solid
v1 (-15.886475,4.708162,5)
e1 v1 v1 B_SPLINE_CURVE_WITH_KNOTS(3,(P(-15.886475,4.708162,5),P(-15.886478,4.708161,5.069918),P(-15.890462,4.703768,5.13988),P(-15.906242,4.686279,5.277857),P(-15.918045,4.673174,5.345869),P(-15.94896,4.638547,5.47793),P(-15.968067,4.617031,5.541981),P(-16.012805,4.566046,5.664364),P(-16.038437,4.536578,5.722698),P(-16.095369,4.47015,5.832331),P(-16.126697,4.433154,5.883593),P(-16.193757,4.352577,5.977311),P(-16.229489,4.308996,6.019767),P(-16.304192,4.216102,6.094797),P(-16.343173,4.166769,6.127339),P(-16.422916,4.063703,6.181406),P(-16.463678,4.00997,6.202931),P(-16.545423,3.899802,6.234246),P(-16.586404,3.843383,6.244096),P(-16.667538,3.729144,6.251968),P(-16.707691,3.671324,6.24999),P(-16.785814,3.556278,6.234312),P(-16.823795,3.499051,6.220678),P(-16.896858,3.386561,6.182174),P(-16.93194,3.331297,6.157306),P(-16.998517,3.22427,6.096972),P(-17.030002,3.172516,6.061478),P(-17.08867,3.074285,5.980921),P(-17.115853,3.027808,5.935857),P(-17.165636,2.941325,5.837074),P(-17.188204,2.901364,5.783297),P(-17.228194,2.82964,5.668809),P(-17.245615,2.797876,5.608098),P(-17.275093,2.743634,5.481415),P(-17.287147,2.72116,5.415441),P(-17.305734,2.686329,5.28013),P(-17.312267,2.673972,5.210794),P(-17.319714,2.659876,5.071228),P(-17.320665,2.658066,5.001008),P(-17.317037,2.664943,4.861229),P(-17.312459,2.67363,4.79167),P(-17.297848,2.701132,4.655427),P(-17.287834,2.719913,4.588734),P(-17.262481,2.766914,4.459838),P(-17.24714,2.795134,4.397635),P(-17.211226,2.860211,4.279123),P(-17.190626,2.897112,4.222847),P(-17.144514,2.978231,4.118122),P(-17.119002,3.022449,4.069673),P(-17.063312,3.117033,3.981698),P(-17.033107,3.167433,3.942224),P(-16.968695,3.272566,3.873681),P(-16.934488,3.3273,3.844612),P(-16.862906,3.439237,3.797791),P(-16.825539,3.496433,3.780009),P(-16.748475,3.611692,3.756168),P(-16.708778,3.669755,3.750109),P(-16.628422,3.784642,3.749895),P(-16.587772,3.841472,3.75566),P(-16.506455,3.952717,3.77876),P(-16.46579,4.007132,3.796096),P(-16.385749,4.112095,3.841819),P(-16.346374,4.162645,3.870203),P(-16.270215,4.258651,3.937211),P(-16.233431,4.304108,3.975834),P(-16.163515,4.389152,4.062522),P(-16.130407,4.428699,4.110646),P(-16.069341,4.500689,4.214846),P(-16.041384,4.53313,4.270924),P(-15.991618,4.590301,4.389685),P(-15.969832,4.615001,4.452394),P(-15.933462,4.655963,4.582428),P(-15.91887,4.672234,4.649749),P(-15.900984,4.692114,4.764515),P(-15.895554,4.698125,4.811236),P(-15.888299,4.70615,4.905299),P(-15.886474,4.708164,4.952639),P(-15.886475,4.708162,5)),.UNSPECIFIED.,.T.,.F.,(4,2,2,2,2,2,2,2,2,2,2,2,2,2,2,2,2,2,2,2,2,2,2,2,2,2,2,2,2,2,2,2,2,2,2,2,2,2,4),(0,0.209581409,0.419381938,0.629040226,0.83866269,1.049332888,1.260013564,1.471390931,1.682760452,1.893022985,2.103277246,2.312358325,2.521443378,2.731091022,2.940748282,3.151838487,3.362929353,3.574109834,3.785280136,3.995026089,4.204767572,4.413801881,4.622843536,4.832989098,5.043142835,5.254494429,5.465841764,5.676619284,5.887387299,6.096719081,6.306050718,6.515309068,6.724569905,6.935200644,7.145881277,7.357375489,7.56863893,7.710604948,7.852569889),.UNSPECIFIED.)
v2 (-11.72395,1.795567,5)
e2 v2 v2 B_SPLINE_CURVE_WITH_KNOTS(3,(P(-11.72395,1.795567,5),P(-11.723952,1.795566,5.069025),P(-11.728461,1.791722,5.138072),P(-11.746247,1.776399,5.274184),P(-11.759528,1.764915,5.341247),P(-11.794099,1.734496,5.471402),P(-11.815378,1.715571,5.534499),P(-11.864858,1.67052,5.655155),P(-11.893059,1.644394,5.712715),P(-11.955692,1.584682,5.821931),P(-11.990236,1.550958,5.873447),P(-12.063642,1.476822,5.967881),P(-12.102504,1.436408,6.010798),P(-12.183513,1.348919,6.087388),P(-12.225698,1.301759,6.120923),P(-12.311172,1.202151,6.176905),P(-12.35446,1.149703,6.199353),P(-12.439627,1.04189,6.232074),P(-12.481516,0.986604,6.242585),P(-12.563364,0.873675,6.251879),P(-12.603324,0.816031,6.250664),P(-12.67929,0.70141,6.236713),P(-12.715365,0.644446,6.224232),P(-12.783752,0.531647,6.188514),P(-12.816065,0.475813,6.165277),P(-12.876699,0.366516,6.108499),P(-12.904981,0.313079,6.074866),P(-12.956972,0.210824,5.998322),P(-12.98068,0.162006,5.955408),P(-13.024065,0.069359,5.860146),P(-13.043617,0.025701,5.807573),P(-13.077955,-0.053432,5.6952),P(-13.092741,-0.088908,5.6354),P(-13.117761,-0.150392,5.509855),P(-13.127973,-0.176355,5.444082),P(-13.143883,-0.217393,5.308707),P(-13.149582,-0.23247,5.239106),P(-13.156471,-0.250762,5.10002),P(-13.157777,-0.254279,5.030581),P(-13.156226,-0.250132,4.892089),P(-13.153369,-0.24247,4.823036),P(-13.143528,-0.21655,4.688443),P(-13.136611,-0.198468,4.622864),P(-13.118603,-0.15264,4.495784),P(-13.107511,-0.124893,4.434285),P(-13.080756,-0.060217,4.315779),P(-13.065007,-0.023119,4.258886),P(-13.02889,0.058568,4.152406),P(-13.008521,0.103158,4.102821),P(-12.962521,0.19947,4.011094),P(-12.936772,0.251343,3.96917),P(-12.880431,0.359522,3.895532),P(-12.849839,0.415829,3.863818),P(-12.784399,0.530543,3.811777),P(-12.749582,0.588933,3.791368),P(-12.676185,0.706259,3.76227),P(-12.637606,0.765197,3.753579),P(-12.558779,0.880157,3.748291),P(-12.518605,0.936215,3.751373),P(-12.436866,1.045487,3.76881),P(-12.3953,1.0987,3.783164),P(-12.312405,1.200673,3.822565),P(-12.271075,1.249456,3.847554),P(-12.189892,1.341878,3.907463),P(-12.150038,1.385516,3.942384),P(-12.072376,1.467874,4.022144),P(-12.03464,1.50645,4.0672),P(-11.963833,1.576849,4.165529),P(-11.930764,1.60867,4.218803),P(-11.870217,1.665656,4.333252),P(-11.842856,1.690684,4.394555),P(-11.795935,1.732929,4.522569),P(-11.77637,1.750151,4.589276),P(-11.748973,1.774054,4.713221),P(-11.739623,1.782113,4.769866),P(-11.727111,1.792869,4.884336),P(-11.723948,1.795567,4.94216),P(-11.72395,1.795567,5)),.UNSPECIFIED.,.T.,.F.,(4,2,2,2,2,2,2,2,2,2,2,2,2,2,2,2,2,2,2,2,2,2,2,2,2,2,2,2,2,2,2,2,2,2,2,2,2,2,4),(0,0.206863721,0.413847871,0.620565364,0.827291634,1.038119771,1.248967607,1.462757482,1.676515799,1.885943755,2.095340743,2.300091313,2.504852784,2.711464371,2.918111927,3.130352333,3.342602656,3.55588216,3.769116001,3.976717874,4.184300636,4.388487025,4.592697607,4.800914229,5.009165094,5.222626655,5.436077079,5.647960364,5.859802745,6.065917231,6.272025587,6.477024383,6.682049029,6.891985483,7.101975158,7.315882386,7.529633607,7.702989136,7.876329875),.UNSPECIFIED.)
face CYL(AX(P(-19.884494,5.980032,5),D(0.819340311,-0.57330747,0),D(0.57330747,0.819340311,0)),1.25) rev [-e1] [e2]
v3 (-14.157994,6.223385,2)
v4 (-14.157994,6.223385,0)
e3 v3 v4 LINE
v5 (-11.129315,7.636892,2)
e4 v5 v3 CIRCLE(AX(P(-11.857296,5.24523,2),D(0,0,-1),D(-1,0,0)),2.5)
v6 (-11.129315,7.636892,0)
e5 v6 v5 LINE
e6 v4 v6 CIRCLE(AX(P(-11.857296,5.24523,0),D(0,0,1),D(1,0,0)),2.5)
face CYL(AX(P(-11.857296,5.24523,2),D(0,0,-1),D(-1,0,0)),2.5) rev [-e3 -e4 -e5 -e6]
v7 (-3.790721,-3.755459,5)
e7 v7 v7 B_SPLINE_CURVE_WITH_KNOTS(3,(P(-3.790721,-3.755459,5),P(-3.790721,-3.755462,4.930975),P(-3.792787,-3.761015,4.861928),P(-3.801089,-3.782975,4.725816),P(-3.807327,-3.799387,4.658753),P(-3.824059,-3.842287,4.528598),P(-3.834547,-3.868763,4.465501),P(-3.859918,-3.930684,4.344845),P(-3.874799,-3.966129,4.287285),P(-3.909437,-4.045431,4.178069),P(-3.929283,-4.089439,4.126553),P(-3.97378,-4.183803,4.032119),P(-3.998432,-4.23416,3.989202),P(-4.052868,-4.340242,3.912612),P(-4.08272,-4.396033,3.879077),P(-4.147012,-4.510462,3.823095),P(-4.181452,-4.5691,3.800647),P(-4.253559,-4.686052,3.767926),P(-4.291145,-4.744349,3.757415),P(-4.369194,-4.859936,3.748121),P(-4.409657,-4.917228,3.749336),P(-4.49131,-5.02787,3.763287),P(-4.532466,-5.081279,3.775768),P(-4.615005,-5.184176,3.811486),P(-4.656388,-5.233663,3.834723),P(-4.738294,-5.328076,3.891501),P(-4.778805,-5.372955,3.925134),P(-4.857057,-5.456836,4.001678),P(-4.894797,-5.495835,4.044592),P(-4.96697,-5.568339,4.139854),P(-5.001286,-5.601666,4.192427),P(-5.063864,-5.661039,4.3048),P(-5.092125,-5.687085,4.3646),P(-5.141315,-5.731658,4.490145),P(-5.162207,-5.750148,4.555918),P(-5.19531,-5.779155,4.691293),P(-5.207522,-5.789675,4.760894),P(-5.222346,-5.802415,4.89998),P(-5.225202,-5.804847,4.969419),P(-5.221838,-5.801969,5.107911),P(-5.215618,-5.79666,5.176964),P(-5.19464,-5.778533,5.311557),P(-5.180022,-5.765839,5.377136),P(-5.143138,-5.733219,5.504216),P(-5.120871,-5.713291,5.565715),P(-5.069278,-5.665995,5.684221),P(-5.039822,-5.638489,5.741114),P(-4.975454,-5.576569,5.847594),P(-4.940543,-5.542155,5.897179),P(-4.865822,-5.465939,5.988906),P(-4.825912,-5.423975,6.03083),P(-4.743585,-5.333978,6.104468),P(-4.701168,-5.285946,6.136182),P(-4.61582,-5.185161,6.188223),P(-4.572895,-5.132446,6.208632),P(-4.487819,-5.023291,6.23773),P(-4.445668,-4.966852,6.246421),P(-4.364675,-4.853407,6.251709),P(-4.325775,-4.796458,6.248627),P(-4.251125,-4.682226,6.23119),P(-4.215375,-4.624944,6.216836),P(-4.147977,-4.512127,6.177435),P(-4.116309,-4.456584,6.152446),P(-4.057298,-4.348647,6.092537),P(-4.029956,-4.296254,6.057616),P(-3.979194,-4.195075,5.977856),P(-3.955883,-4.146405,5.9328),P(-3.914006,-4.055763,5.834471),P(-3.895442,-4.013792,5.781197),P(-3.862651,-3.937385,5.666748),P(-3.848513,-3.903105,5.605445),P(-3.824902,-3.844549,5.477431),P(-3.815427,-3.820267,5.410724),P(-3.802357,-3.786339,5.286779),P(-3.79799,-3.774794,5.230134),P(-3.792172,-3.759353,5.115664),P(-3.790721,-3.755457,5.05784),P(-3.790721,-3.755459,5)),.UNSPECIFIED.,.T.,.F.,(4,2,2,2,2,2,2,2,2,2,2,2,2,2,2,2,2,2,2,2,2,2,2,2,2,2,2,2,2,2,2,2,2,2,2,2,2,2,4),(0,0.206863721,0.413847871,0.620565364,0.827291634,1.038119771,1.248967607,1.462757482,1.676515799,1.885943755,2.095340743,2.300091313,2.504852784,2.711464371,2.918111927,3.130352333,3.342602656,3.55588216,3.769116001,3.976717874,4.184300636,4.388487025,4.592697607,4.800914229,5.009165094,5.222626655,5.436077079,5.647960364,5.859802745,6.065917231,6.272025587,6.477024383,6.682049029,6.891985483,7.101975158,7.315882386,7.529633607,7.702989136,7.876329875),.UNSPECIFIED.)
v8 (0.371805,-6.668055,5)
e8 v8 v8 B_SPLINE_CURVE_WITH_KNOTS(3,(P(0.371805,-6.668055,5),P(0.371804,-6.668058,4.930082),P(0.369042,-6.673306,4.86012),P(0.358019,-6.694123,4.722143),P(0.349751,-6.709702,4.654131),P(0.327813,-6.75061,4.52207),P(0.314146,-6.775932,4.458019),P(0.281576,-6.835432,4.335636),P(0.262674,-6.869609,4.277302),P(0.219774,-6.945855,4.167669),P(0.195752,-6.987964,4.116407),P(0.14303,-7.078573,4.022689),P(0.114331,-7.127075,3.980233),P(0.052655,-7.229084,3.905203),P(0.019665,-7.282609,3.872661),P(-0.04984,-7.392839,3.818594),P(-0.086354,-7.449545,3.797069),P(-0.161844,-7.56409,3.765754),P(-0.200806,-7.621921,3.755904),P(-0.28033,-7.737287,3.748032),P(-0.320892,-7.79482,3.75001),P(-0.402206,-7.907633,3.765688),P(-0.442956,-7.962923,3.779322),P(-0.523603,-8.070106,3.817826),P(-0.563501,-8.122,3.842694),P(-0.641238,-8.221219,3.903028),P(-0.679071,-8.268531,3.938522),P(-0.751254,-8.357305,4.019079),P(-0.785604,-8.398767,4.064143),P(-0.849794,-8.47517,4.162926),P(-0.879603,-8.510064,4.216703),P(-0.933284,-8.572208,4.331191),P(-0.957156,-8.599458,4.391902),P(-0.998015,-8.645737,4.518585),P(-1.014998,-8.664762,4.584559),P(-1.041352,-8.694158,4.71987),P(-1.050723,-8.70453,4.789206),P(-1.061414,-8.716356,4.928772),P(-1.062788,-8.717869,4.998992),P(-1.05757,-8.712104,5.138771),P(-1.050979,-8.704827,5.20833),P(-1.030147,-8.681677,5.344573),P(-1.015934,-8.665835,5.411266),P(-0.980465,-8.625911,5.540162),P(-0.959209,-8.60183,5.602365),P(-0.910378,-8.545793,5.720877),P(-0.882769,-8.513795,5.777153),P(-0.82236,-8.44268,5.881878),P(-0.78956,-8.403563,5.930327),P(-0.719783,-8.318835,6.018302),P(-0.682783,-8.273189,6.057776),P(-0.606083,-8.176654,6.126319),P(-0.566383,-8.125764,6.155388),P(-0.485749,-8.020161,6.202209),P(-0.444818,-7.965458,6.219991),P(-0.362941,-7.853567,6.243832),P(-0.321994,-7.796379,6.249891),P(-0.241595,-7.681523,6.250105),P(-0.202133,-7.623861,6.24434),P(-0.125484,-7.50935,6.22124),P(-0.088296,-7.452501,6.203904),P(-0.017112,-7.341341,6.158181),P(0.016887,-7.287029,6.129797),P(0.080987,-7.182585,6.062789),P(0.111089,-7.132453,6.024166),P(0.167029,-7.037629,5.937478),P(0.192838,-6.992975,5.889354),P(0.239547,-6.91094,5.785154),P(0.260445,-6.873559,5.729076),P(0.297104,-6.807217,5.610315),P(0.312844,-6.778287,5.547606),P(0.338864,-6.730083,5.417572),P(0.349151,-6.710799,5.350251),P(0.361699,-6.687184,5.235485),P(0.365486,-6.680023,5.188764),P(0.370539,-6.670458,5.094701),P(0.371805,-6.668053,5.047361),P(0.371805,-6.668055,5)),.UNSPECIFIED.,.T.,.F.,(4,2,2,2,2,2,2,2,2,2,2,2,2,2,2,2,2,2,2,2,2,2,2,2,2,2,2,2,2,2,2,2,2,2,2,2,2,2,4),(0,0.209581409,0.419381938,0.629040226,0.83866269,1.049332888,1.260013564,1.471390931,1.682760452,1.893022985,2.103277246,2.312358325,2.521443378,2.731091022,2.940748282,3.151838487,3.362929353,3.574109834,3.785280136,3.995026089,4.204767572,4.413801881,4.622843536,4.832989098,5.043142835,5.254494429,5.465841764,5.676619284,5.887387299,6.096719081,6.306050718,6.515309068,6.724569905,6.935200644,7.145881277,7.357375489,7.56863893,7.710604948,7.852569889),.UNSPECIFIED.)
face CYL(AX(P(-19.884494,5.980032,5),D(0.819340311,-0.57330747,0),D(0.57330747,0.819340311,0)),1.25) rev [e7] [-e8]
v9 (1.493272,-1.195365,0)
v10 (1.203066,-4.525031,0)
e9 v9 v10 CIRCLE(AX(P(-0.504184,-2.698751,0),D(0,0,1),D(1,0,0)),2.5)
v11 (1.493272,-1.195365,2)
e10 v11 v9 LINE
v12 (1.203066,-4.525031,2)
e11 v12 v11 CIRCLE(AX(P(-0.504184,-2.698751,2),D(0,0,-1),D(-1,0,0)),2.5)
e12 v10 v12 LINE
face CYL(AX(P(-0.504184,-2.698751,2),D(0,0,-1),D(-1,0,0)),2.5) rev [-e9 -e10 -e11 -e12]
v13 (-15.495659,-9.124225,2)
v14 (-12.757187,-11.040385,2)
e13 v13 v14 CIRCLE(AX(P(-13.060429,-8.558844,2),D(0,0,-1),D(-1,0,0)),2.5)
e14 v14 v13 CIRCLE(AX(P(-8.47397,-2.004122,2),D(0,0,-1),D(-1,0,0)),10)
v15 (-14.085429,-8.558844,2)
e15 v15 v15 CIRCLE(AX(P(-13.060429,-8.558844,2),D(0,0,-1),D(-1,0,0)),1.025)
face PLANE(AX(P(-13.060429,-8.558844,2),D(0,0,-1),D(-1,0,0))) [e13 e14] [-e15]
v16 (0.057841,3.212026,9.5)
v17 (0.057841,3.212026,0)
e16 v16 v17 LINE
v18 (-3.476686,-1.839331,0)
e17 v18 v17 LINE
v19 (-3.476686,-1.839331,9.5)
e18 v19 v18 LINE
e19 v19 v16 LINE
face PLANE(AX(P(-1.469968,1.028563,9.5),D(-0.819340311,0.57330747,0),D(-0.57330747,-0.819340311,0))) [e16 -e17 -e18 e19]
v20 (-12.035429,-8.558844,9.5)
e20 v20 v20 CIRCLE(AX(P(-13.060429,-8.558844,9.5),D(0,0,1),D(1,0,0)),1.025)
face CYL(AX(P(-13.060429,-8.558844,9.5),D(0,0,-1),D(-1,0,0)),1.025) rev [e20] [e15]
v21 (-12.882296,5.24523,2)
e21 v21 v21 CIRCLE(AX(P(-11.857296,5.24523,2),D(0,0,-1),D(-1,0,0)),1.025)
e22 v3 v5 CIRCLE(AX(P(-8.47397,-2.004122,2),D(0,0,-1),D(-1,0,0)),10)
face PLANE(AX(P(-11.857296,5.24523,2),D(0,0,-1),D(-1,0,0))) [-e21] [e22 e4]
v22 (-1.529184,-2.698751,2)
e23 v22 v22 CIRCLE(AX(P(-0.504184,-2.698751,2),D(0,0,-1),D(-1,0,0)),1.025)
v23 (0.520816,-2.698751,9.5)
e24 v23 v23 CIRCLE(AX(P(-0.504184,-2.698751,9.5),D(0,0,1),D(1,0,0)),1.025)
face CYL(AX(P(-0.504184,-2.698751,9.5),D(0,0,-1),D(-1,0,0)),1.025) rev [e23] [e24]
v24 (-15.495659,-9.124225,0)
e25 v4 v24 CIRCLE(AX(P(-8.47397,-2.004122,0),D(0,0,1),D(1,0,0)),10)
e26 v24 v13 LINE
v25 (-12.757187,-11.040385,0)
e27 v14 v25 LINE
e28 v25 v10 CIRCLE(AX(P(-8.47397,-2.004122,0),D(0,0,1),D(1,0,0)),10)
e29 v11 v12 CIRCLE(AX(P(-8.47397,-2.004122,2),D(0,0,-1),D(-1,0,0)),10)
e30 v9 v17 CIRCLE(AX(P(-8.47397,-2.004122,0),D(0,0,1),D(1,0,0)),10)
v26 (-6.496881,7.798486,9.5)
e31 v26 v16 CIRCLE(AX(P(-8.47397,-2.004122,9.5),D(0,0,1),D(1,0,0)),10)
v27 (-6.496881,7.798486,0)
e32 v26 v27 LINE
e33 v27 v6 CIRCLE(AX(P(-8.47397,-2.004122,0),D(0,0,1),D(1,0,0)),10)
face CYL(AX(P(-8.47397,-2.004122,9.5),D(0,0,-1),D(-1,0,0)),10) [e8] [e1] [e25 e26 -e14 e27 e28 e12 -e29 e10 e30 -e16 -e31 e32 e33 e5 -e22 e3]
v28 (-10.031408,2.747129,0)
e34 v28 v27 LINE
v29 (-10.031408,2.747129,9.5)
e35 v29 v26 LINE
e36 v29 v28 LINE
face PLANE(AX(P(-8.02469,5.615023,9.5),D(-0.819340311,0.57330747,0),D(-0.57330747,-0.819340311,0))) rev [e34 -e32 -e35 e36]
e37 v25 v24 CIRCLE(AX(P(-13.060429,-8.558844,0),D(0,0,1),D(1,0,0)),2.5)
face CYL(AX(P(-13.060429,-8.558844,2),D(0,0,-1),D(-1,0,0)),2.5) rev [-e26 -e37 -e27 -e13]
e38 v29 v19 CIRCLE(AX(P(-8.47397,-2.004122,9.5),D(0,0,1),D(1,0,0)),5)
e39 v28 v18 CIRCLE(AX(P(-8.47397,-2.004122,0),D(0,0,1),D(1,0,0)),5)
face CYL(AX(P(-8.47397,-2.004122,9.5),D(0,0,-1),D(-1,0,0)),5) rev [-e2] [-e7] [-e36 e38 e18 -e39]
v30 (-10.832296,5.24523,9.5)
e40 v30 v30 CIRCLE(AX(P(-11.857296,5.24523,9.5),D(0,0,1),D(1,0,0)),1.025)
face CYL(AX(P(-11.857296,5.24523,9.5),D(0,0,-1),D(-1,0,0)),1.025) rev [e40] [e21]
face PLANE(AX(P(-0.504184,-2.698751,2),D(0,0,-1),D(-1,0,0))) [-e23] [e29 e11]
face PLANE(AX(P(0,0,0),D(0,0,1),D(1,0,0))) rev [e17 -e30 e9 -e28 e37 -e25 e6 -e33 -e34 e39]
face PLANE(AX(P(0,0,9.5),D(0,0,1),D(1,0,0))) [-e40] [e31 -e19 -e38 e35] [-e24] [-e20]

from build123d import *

# Parameters (mm, degrees)
BOSS_EXTRUDE2_DEPTH     = 9.5
CUT_EXTRUDE2_DEPTH      = 27.058535816
CUT_EXTRUDE2_DEPTH_BACK = 27.058535816
SKETCH5_R               = 1.25
SKETCH6_R               = 2.5
CUT_EXTRUDE9_DEPTH      = 2


with BuildPart() as part:
    # Sketch1 → Boss-Extrude2 (new body)
    with BuildSketch(Plane.XY):
        with BuildLine():
            ThreePointArc((-10.902610273, 5.618325714), (-9.358197978, 5.946861897), (-7.779340218, 5.965664362))
            Line((-7.779340218, 5.965664362), (-6.496881129, 7.798486163))
            ThreePointArc((-6.496881129, 7.798486163), (-14.207044336, -10.197524815), (0.057841359, 3.212026405))
            Line((0.057841359, 3.212026405), (-1.224617731, 1.379204604))
            ThreePointArc((-1.224617731, 1.379204604), (-0.701306814, -0.110523909), (-0.480783057, -1.674018275))
            ThreePointArc((-0.480783057, -1.674018275), (0.228827523, -1.982287772), (0.52081643, -2.698751126))
            ThreePointArc((0.52081643, -2.698751126), (0.163849564, -3.476154966), (-0.658416217, -3.71208093))
            ThreePointArc((-0.658416217, -3.71208093), (-5.090643329, -9.253473613), (-12.184684972, -9.091476058))
            ThreePointArc((-12.184684972, -9.091476058), (-13.648069553, -9.398668012), (-13.860882426, -7.918609902))
            ThreePointArc((-13.860882426, -7.918609902), (-16.443755706, -1.309492285), (-12.756440886, 4.753129216))
            ThreePointArc((-12.756440886, 4.753129216), (-12.290784632, 6.174053415), (-10.902610273, 5.618325714))
        make_face()
        with BuildLine():
            ThreePointArc((-3.476685985, -1.839330652), (-11.340506987, -6.10082326), (-10.031408473, 2.747129106))
            Line((-10.031408473, 2.747129106), (-7.779340218, 5.965664362))
            ThreePointArc((-7.779340218, 5.965664362), (-9.358197978, 5.946861897), (-10.902610273, 5.618325714))
            ThreePointArc((-10.902610273, 5.618325714), (-10.850027906, 5.435061947), (-10.832295948, 5.245230202))
            ThreePointArc((-10.832295948, 5.245230202), (-11.60332603, 4.252192297), (-12.756440886, 4.753129216))
            ThreePointArc((-12.756440886, 4.753129216), (-16.443755706, -1.309492285), (-13.860882426, -7.918609902))
            ThreePointArc((-13.860882426, -7.918609902), (-12.721194489, -7.591608608), (-12.035429397, -8.558844193))
            ThreePointArc((-12.035429397, -8.558844193), (-12.073448385, -8.835418744), (-12.184684972, -9.091476058))
            ThreePointArc((-12.184684972, -9.091476058), (-5.090643329, -9.253473613), (-0.658416217, -3.71208093))
            ThreePointArc((-0.658416217, -3.71208093), (-1.52531241, -2.609751731), (-0.480783057, -1.674018275))
            ThreePointArc((-0.480783057, -1.674018275), (-0.701306814, -0.110523909), (-1.224617731, 1.379204604))
            Line((-1.224617731, 1.379204604), (-3.476685985, -1.839330652))
        make_face()
    extrude(amount=BOSS_EXTRUDE2_DEPTH)

    # Sketch5 → Cut-Extrude2 (cut, two sides: drawn at the far end of the back side and taken through both)
    with BuildSketch(Plane(origin=(3.446074086, -2.411281355, 0), x_dir=(0, 0, -1), z_dir=(0.8193403109233307, -0.5733074697717271, 0)).offset(-CUT_EXTRUDE2_DEPTH_BACK)):
        with Locations(Location((-5, -6.500247794, 0), (0, 0, 90))):
            Circle(SKETCH5_R)
    extrude(amount=CUT_EXTRUDE2_DEPTH + CUT_EXTRUDE2_DEPTH_BACK, mode=Mode.SUBTRACT)

    # Sketch6 → Cut-Extrude9 (cut)
    with BuildSketch(Plane(origin=(0, 0, 0), x_dir=(-1, 0, 0), z_dir=(0, 0, -1))):
        with Locations((0.50418357, -2.698751126)):
            Circle(SKETCH6_R)
        with Locations((13.060429397, -8.558844193)):
            Circle(SKETCH6_R)
        with Locations((11.857295948, 5.245230202)):
            Circle(SKETCH6_R)
    extrude(amount=-CUT_EXTRUDE9_DEPTH, mode=Mode.SUBTRACT)


solid = part.part
